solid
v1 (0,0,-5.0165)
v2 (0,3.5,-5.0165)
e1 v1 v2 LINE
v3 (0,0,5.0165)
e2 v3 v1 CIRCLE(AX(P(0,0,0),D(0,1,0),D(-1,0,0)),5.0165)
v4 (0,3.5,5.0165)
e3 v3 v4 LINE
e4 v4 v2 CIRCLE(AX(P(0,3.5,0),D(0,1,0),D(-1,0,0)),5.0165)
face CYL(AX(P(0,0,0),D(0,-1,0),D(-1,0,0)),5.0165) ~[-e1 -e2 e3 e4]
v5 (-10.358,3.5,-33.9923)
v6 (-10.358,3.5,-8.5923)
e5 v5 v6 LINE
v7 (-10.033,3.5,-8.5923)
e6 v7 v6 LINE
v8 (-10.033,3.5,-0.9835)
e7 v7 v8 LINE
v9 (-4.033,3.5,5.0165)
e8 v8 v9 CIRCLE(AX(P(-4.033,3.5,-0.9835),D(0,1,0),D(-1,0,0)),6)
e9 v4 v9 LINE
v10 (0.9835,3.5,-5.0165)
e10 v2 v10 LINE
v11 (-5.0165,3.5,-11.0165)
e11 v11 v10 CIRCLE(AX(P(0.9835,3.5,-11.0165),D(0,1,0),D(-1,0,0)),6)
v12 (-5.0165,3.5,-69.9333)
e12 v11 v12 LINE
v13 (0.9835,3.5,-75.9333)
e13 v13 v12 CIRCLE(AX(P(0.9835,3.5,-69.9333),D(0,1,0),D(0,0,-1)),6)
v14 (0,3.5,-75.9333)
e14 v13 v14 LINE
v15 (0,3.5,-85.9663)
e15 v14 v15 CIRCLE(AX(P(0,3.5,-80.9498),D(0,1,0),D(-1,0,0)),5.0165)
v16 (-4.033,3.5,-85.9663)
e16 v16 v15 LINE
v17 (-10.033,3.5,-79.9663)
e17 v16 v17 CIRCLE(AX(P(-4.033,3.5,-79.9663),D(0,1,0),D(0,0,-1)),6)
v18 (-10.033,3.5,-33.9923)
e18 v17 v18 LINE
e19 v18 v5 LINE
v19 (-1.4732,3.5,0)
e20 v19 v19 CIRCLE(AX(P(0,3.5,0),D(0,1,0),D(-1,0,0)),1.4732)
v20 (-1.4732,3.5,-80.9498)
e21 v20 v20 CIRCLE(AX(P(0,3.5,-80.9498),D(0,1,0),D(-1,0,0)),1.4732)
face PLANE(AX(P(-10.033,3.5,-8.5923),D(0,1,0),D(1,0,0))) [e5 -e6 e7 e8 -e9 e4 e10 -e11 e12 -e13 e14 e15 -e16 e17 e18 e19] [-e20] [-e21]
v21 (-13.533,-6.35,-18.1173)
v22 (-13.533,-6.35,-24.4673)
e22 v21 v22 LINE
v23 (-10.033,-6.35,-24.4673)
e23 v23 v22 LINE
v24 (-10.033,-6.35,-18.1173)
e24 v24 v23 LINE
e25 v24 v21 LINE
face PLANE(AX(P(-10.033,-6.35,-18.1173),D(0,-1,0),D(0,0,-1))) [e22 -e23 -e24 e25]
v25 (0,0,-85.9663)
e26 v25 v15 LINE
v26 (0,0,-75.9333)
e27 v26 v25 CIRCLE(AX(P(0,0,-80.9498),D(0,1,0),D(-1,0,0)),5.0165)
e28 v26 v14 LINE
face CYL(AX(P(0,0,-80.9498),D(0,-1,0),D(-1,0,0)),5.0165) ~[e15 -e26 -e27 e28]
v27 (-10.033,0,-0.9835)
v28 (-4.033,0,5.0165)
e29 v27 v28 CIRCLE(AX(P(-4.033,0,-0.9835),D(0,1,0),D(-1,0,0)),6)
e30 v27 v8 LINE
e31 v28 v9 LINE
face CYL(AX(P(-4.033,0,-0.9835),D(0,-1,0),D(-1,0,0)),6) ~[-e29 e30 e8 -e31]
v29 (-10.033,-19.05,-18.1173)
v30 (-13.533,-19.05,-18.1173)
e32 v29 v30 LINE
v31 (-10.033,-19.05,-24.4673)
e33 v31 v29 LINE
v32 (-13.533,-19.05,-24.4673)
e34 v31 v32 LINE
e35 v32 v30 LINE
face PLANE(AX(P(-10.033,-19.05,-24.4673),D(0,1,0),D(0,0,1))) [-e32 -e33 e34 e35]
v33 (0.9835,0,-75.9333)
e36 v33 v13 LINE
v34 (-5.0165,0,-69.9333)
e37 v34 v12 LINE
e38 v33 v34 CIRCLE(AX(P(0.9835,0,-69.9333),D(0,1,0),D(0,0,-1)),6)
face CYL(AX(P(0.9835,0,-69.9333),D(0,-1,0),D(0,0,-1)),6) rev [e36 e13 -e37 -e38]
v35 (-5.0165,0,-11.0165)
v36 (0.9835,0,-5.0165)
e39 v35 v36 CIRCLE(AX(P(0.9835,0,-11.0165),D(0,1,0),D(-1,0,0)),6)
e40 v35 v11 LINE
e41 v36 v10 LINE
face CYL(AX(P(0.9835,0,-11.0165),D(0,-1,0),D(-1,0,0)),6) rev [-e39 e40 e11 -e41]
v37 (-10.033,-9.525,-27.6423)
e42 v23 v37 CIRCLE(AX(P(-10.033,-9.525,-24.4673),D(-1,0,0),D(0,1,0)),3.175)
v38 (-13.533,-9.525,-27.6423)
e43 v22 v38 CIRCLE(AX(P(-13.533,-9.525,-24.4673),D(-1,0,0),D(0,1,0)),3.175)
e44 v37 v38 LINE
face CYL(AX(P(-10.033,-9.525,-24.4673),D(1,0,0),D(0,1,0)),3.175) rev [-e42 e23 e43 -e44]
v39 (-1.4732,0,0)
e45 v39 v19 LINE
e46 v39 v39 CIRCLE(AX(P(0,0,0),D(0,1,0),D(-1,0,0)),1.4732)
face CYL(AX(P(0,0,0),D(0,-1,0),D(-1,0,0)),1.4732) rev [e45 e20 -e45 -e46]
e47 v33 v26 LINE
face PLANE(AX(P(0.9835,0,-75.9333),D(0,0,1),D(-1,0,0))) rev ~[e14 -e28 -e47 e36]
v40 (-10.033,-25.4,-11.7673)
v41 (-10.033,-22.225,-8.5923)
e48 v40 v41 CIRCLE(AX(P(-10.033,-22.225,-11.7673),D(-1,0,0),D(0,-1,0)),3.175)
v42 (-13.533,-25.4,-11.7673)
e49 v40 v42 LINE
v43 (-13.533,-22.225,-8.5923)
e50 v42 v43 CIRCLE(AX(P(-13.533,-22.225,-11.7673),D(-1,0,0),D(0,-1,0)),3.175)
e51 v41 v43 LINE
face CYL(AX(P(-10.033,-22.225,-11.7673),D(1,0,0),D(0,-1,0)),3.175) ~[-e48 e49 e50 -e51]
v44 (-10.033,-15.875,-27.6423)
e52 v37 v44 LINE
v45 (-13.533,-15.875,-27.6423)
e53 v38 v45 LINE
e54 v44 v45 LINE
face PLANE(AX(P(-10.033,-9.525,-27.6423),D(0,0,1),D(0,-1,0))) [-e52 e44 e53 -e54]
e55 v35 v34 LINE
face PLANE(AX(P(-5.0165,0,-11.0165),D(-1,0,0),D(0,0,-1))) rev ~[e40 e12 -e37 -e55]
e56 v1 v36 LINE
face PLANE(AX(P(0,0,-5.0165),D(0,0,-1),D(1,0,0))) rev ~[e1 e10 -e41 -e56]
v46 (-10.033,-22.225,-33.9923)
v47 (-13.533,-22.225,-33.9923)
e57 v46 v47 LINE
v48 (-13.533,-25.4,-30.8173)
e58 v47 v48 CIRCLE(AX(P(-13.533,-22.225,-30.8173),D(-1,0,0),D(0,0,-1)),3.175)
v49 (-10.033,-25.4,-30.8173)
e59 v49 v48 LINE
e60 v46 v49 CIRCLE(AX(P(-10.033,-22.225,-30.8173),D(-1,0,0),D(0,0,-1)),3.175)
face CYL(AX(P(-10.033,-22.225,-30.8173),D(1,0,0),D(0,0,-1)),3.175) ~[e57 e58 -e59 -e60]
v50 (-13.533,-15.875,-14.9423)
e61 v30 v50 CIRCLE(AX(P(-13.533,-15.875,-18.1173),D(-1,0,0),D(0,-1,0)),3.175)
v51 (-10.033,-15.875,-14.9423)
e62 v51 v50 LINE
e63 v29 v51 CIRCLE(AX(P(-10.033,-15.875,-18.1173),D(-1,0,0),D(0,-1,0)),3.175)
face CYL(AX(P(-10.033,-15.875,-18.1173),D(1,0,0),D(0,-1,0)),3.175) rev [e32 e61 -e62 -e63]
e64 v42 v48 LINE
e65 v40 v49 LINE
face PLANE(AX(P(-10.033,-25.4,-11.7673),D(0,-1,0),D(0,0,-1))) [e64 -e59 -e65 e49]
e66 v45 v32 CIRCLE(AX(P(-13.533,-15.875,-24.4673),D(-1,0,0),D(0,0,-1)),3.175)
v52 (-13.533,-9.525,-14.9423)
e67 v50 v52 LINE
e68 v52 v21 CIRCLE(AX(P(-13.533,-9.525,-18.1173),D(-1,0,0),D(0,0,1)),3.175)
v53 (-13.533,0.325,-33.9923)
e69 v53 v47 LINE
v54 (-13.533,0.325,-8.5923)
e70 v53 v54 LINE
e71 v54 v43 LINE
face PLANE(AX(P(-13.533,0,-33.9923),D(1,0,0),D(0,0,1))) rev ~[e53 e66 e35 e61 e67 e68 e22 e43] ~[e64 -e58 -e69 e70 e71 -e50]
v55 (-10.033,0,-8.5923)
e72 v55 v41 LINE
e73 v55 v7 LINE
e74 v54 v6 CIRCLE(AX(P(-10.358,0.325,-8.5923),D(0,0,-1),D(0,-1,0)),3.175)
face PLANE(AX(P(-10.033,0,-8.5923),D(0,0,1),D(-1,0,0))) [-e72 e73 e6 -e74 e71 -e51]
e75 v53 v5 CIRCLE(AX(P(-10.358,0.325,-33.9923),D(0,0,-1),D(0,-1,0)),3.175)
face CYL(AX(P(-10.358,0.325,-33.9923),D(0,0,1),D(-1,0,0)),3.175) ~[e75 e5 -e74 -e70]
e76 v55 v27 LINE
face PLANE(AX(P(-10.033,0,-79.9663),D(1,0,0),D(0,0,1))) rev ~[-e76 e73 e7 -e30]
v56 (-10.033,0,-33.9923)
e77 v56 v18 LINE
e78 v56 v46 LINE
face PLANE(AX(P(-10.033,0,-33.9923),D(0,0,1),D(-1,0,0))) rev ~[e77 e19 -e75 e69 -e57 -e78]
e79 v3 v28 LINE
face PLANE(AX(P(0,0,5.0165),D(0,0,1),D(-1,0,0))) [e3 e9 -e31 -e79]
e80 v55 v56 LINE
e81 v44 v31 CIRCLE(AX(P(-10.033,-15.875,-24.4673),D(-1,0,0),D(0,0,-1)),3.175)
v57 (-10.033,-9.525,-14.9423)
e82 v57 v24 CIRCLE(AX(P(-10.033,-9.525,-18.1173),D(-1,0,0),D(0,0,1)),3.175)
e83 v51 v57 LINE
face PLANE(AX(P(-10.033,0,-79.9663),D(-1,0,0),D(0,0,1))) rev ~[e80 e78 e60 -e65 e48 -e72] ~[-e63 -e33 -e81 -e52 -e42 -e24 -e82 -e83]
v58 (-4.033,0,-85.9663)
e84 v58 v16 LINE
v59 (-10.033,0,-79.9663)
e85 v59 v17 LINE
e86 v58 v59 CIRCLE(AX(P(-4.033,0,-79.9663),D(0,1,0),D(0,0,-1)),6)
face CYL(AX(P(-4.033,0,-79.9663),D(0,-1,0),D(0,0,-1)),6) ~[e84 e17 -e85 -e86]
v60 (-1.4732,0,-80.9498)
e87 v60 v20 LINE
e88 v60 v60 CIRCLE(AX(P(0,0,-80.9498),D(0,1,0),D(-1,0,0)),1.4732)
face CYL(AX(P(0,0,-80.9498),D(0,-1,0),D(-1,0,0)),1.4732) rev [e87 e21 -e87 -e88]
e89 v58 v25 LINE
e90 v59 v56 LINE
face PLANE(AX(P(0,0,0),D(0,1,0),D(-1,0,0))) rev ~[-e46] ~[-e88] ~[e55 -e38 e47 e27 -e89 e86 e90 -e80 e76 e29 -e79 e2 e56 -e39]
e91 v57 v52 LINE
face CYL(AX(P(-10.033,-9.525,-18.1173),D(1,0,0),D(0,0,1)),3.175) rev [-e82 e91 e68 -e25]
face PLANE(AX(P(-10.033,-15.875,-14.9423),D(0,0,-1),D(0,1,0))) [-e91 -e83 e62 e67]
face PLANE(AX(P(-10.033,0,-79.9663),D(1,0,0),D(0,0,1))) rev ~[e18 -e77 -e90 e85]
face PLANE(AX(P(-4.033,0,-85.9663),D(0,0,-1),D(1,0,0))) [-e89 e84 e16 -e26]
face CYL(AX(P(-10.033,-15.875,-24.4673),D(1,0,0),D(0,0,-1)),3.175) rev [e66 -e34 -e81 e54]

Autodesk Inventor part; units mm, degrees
ref_plane "YZ Plane" through (0, 0, 0) normal (1, 0, 0) x (0, 1, 0)
ref_plane "XZ Plane" through (0, 0, 0) normal (0, 1, 0) x (-1, 0, 0)
ref_plane "XY Plane" through (0, 0, 0) normal (0, 0, 1) x (1, 0, 0)
sketch "Sketch1" plane through (0, 0, 0) normal (0, 1, 0) x (-1, 0, 0)
  circle A0 centre (0, 0) radius 1.4732
  circle A1 centre (0, -80.9498) radius 1.4732
  circle A2 centre (0, 0) radius 5.0165
  circle A3 centre (0, -80.9498) radius 5.0165
  line L0 (0, 5.0165) -> (4.033, 5.0165)
  line L1 (4.033, -85.9663) -> (0, -85.9663)
  line L2 (10.033, -79.9663) -> (10.033, -0.9835)
  line L3 (0, -5.0165) -> (-0.9835, -5.0165)
  line L4 (5.0165, -11.0165) -> (5.0165, -69.9333)
  line L5 (-0.9835, -75.9333) -> (0, -75.9333)
  arc A4 (10.033, -0.9835) -> (4.033, 5.0165) centre (4.033, -0.9835) ccw
  arc A5 (4.033, -85.9663) -> (10.033, -79.9663) centre (4.033, -79.9663) ccw
  arc A6 (5.0165, -11.0165) -> (-0.9835, -5.0165) centre (-0.9835, -11.0165) ccw
  arc A7 (-0.9835, -75.9333) -> (5.0165, -69.9333) centre (-0.9835, -69.9333) ccw
  point P0 (10.033, 5.0165)
  dimension "d0" = 2.9464
  dimension "d2" = 2.9464
  dimension "d3" = 10.033
  dimension "d4" = 10.033
  dimension "d7" = 80.9498
  dimension "d8" = 10.033
  dimension "d9" = 6
  dimension "d10" = 6
  dimension "d11" = 6
  dimension "d12" = 6
extrude "Extrusion1" add sketch "Sketch1" along normal blind 3.5
sketch "Sketch2" plane through (-10.033, 0, -79.9663) normal (-1, 0, 0) x (0, 0, 1)
  line L0 (0, 0) -> (0, 3.5) projected
  line L1 (0, 0) -> (45.974, 0)
  line L2 (0, 0) -> (78.9828, 0) projected
  line L3 (45.974, 0) -> (45.974, -22.225)
  line L4 (45.974, 0) -> (71.374, 0)
  line L5 (68.9498, 0) -> (10.033, 0) projected
  line L6 (71.374, 0) -> (71.374, -22.225)
  line L7 (68.199, -25.4) -> (49.149, -25.4)
  line L8 (45.974, 0) -> (19.2419, 0) construction
  line L9 (71.374, 0) -> (44.6419, 0) construction
  line L10 (61.849, -6.35) -> (55.499, -6.35)
  line L11 (55.499, -19.05) -> (61.849, -19.05)
  line L12 (65.024, -15.875) -> (65.024, -9.525)
  line L13 (52.324, -9.525) -> (52.324, -15.875)
  arc A0 (55.499, -6.35) -> (52.324, -9.525) centre (55.499, -9.525) ccw
  arc A1 (65.024, -9.525) -> (61.849, -6.35) centre (61.849, -9.525) ccw
  arc A2 (61.849, -19.05) -> (65.024, -15.875) centre (61.849, -15.875) ccw
  arc A3 (52.324, -15.875) -> (55.499, -19.05) centre (55.499, -15.875) ccw
  arc A4 (45.974, -22.225) -> (49.149, -25.4) centre (49.149, -22.225) ccw
  arc A5 (68.199, -25.4) -> (71.374, -22.225) centre (68.199, -22.225) ccw
  point P0 (79.9663, 0)
  point P1 (45.974, -25.4)
  point P2 (52.324, -6.35)
  point P3 (71.374, 0)
  dimension "d15" = 45.974
  dimension "d16" = 25.4
  dimension "d17" = 25.4
  dimension "d19" = 6.35
  dimension "d22" = 3.175
  dimension "d23" = 3.175
  dimension "d24" = 3.175
  dimension "d25" = 3.175
  dimension "d26" = 3.175
  dimension "d27" = 3.175
extrude "Extrusion2" add sketch "Sketch2" along normal blind 3.5
sketch "Sketch4" plane through (-10.033, 0, -8.5923) normal (0, 1, 0) x (1, 0, 0)
  line L0 (0, 25.4) -> (-3.5, 25.4) projected
  line L1 (0, 25.4) -> (-3.5, 25.4)
  line L2 (0, 0) -> (-3.5, 0) projected
  line L3 (-3.5, 25.4) -> (-3.5, 0)
  line L4 (-3.5, 0) -> (0, 0)
  line L5 (0, 0) -> (0, 25.4)
  point P0 (10.033, -8.5923)
extrude "Extrusion3" add sketch "Sketch4" along normal blind 3.5
fillet "Fillet1" radius 3.175 1 edges at (-13.533, 3.5, -21.2923)
properties part number "sidemount2_3DPrint"
